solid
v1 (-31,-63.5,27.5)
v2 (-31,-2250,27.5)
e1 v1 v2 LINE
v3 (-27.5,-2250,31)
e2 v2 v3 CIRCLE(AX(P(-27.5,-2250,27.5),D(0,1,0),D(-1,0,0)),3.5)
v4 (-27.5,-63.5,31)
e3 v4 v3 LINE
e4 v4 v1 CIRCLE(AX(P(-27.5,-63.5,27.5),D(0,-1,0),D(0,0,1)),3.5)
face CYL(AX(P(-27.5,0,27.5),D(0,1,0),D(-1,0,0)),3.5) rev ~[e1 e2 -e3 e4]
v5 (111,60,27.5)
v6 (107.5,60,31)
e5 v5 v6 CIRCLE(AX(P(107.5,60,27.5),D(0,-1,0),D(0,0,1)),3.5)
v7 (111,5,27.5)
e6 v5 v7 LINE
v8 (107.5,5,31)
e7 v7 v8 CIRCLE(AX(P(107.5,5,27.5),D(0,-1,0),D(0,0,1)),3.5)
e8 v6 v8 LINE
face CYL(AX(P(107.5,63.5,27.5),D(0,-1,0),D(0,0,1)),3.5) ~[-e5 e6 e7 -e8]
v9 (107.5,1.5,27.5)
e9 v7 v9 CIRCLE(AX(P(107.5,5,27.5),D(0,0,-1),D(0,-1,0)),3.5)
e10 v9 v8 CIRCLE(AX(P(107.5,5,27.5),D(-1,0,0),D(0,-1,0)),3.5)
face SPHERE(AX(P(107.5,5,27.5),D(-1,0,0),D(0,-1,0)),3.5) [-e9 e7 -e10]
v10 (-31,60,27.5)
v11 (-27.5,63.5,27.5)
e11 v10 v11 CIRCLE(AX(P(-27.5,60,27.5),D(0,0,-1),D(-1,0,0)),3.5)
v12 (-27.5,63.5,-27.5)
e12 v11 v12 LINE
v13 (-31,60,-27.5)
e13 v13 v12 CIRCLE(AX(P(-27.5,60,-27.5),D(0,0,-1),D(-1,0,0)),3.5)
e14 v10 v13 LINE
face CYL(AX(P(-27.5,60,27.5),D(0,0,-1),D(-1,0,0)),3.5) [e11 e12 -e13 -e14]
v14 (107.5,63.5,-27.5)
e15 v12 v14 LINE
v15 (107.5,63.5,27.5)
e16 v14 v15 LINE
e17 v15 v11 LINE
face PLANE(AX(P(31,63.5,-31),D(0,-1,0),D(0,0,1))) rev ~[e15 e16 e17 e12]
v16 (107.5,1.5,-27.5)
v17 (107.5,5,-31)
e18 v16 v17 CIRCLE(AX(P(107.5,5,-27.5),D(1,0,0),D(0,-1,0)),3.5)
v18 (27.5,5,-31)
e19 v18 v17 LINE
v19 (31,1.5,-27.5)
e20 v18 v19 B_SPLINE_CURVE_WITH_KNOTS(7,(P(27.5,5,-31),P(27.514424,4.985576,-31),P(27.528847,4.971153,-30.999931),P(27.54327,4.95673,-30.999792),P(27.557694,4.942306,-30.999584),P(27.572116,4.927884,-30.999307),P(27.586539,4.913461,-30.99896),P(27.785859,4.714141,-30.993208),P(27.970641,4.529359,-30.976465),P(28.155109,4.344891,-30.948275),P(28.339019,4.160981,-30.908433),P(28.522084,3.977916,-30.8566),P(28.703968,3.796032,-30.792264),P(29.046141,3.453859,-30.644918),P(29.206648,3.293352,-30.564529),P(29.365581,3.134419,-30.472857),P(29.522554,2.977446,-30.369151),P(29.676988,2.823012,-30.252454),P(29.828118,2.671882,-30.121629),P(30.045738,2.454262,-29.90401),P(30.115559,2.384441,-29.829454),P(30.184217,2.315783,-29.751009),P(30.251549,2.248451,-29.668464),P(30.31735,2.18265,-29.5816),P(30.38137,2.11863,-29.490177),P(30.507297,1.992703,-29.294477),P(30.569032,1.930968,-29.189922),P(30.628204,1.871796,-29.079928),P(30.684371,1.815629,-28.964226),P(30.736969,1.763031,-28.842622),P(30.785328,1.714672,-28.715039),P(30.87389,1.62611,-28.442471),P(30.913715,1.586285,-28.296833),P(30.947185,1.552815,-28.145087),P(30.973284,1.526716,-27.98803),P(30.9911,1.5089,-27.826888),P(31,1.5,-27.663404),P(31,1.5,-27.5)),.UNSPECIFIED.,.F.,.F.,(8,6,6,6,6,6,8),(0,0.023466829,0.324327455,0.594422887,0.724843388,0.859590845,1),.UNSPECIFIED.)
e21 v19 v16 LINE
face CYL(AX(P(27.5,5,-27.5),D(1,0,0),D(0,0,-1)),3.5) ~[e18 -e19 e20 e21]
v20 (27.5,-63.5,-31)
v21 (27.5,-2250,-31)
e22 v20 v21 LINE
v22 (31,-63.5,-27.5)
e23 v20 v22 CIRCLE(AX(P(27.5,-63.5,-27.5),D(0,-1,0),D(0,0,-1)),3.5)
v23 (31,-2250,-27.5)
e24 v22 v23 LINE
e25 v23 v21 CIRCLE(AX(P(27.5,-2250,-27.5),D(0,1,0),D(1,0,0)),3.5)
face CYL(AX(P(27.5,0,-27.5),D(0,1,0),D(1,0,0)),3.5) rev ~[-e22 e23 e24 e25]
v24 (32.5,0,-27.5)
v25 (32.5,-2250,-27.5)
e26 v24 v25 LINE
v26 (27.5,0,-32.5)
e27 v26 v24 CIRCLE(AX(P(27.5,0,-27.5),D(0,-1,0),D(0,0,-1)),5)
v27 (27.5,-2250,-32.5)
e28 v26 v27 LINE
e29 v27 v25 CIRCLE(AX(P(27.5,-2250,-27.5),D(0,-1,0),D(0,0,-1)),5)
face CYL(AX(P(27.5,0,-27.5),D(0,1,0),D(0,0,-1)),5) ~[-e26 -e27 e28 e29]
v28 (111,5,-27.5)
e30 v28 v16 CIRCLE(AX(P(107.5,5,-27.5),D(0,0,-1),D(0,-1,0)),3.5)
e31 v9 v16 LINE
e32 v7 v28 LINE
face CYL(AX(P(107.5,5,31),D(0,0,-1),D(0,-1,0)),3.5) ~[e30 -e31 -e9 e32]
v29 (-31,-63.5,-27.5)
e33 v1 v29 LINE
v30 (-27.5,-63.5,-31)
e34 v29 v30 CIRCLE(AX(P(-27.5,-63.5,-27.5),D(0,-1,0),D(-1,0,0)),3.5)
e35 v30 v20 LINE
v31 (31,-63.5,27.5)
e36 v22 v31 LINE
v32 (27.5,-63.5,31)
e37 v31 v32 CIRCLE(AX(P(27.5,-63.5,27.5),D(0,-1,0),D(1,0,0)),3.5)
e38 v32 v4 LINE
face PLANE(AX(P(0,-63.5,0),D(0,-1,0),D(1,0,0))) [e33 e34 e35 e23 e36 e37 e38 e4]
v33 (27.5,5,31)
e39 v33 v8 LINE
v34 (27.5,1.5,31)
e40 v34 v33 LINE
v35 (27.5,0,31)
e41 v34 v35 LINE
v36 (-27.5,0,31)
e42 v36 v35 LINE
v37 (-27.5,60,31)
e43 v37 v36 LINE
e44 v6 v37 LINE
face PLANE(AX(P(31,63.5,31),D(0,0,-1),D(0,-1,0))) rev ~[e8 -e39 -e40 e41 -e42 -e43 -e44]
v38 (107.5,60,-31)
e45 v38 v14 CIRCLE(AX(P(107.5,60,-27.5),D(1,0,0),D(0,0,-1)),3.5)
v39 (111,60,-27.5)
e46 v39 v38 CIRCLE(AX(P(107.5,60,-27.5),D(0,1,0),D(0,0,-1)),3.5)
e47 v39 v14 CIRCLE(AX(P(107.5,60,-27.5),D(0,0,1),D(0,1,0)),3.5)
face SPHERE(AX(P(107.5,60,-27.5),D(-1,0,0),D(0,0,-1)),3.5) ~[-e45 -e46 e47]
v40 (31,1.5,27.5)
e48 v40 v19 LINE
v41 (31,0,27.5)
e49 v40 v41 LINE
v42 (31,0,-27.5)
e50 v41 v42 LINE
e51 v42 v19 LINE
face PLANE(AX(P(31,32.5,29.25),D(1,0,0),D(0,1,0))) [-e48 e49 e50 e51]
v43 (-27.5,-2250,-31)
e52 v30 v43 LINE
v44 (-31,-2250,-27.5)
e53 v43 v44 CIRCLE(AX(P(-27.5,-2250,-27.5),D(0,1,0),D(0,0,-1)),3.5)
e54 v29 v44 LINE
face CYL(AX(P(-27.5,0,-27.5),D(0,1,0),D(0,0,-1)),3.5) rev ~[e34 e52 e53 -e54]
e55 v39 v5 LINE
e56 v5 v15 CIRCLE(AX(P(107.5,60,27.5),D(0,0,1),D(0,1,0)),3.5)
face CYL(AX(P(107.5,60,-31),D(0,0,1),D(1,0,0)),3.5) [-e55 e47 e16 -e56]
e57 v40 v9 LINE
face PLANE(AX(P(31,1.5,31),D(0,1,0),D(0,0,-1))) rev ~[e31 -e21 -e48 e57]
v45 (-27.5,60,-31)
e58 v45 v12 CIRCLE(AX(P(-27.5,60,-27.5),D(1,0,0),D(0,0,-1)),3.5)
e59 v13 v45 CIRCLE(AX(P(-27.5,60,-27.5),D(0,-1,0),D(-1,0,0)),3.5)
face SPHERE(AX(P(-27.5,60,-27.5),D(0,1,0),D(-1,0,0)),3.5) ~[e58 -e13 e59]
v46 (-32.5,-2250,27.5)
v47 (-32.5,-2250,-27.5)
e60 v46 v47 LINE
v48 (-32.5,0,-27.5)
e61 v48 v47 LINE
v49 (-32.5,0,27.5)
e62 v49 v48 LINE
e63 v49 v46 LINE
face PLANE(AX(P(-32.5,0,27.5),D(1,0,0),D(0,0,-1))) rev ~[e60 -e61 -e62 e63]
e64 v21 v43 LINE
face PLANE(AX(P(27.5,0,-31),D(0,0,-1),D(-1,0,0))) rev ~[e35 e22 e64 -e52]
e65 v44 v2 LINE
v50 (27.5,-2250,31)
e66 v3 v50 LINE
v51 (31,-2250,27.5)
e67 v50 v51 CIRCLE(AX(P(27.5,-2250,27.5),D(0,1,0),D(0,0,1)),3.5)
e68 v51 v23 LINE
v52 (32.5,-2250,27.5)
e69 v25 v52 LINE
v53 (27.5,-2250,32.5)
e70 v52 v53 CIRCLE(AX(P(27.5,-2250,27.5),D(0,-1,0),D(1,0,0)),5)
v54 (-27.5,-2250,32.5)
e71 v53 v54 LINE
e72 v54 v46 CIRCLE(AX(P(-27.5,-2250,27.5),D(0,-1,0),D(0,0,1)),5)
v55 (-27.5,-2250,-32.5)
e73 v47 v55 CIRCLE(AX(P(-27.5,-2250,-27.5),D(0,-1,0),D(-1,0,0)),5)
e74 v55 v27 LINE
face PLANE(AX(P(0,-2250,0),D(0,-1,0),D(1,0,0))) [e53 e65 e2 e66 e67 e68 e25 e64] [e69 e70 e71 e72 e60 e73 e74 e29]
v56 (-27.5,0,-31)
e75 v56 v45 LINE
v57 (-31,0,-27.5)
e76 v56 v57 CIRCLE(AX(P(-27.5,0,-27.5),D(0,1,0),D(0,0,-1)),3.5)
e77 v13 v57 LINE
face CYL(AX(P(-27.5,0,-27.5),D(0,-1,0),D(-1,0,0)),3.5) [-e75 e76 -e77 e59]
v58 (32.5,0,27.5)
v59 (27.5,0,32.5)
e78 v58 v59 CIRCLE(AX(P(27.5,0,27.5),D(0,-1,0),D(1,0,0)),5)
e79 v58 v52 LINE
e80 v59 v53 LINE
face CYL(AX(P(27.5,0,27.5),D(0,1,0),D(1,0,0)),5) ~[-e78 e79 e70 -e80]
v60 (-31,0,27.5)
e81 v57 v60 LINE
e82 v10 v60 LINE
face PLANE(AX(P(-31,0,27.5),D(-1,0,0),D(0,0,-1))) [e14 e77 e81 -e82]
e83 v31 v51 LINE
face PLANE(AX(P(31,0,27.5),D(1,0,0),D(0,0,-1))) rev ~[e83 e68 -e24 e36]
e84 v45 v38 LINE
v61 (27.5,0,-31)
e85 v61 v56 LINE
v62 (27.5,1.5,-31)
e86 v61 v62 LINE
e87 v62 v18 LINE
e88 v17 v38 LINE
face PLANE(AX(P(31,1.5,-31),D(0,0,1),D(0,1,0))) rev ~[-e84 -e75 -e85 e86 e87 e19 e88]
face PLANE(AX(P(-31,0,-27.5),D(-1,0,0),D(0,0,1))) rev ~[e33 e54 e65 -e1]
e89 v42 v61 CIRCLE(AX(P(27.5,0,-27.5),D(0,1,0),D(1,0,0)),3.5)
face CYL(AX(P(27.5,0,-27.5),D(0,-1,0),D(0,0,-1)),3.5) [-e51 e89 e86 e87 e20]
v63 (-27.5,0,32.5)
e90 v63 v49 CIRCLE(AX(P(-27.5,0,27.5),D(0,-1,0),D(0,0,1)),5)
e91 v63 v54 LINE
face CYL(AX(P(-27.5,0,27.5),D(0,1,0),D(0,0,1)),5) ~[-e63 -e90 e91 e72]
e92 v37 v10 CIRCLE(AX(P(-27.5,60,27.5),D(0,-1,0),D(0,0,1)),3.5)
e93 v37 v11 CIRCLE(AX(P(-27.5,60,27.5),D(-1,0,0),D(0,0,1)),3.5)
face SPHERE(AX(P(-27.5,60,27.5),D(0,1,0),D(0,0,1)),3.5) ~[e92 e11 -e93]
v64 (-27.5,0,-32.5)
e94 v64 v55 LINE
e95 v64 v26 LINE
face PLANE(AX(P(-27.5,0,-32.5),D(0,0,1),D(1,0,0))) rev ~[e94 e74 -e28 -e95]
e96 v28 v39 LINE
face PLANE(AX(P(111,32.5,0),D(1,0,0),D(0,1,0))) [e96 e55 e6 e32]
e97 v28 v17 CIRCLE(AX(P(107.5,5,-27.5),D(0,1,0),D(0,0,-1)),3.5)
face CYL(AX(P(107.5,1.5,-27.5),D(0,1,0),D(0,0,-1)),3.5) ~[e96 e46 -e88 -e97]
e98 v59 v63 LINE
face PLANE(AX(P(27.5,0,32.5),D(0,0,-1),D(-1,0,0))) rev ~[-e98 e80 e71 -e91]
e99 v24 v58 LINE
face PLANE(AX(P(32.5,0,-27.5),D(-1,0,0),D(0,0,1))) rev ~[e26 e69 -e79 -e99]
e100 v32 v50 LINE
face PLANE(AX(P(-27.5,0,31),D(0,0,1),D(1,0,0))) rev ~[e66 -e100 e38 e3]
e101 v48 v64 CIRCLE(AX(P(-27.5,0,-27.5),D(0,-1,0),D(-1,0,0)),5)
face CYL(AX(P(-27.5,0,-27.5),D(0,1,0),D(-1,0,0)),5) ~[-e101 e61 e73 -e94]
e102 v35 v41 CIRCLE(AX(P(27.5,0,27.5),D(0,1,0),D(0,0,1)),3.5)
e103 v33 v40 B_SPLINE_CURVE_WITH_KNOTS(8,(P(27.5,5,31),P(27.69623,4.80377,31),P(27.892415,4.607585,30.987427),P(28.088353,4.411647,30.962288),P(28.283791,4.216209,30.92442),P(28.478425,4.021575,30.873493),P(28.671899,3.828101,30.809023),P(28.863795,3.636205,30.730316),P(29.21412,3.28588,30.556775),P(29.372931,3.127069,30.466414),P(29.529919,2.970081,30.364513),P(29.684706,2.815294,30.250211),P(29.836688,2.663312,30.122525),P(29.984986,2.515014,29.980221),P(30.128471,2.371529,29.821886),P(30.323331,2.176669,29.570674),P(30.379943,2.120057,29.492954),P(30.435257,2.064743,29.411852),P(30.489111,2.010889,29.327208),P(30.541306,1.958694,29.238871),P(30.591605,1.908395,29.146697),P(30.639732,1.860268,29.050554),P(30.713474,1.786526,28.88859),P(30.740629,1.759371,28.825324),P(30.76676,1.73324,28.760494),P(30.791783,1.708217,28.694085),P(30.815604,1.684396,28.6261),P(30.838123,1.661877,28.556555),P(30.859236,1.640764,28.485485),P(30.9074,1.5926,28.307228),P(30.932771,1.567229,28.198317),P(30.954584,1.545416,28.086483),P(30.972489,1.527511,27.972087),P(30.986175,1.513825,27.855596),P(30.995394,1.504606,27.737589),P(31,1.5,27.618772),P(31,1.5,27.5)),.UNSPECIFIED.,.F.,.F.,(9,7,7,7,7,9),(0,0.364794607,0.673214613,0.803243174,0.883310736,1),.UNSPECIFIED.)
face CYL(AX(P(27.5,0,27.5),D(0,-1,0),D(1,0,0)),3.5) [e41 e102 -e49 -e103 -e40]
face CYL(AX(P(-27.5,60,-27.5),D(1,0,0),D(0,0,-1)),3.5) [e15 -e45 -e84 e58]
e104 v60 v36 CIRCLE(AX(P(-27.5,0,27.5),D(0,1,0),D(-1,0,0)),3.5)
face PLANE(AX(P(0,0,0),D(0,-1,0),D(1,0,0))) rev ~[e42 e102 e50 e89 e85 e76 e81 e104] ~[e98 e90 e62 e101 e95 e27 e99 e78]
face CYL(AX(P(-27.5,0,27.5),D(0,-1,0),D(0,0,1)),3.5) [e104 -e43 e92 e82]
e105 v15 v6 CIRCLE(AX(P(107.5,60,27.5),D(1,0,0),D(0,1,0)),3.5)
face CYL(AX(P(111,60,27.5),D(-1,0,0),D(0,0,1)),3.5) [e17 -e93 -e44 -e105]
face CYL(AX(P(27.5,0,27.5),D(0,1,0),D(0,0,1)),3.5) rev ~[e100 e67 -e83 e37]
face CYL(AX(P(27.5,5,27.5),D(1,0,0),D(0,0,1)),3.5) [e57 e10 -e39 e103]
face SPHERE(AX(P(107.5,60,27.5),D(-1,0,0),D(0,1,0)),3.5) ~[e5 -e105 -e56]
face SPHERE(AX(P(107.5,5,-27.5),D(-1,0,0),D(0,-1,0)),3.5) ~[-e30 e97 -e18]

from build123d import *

# Parameters (mm, degrees)
F3_DEPTH = 2250
F4_DEPTH = 63.5
F5_W     = 62
F5_H     = 3.5
F5_H_2   = 27.5
F6_DEPTH = 25
F8_DEPTH = 80
F9_R     = 3.5


with BuildPart() as f3:
    # F2 (on Front) → F3 (new body)
    with BuildSketch(Plane.XZ):
        with BuildLine():
            ThreePointArc((32.5, 27.5), (31.0355339059, 31.0355339059), (27.5, 32.5))
            Line((27.5, 32.5), (-27.5, 32.5))
            ThreePointArc((-27.5, 32.5), (-31.0355339059, 31.0355339059), (-32.5, 27.5))
            Line((-32.5, 27.5), (-32.5, -27.5))
            ThreePointArc((-32.5, -27.5), (-31.0355339059, -31.0355339059), (-27.5, -32.5))
            Line((-27.5, -32.5), (27.5, -32.5))
            ThreePointArc((27.5, -32.5), (31.0355339059, -31.0355339059), (32.5, -27.5))
            Line((32.5, -27.5), (32.5, 27.5))
        make_face()
        with BuildLine():
            ThreePointArc((27.5, 31), (29.9748737342, 29.9748737342), (31, 27.5))
            Line((31, 27.5), (31, -27.5))
            ThreePointArc((31, -27.5), (29.9748737342, -29.9748737342), (27.5, -31))
            Line((27.5, -31), (-27.5, -31))
            ThreePointArc((-27.5, -31), (-29.9748737342, -29.9748737342), (-31, -27.5))
            Line((-31, -27.5), (-31, 27.5))
            ThreePointArc((-31, 27.5), (-29.9748737342, 29.9748737342), (-27.5, 31))
            Line((-27.5, 31), (27.5, 31))
        make_face(mode=Mode.SUBTRACT)
    extrude(amount=F3_DEPTH)

    # F2 (on Front) → F4 (join, symmetric)
    with BuildSketch(Plane.XZ):
        with BuildLine():
            Line((31, -27.5), (31, 27.5))
            ThreePointArc((31, 27.5), (29.9748737342, 29.9748737342), (27.5, 31))
            Line((27.5, 31), (-27.5, 31))
            ThreePointArc((-27.5, 31), (-29.9748737342, 29.9748737342), (-31, 27.5))
            Line((-31, 27.5), (-31, -27.5))
            ThreePointArc((-31, -27.5), (-29.9748737342, -29.9748737342), (-27.5, -31))
            Line((-27.5, -31), (27.5, -31))
            ThreePointArc((27.5, -31), (29.9748737342, -29.9748737342), (31, -27.5))
        make_face()
    extrude(amount=F4_DEPTH, both=True)

    # F5 (on face) → F6 (join)
    with BuildSketch(Plane.YZ.offset(31)):
        with Locations((32.5, 29.25)):
            Rectangle(F5_W, F5_H)
        with Locations((32.5, 13.75)):
            Rectangle(F5_W, F5_H_2)
        with Locations((32.5, -13.75)):
            Rectangle(F5_W, F5_H_2)
        with Locations((32.5, -29.25)):
            Rectangle(F5_W, F5_H)
    extrude(amount=-F6_DEPTH)

    # F7 (on face) → F8 (join)
    with BuildSketch(Plane.YZ.offset(31)):
        Polygon((63.5, 31), (1.5, 31), (1.5, 27.5), (1.5, -27.5), (1.5, -31), (63.5, -31), align=None)
    extrude(amount=F8_DEPTH)

    # F9
    f9_edges = [f3.edges().sort_by_distance(p)[0] for p in [
        (41.75, 63.5, 31),
        (69.25, 1.5, 31),
        (69.25, 1.5, -31),
        (111, 1.5, 0),
        (111, 32.5, -31),
        (111, 63.5, 0),
        (111, 32.5, 31),
        (41.75, 63.5, -31),
    ]]
    fillet(f9_edges, radius=F9_R)


solid = f3.part
